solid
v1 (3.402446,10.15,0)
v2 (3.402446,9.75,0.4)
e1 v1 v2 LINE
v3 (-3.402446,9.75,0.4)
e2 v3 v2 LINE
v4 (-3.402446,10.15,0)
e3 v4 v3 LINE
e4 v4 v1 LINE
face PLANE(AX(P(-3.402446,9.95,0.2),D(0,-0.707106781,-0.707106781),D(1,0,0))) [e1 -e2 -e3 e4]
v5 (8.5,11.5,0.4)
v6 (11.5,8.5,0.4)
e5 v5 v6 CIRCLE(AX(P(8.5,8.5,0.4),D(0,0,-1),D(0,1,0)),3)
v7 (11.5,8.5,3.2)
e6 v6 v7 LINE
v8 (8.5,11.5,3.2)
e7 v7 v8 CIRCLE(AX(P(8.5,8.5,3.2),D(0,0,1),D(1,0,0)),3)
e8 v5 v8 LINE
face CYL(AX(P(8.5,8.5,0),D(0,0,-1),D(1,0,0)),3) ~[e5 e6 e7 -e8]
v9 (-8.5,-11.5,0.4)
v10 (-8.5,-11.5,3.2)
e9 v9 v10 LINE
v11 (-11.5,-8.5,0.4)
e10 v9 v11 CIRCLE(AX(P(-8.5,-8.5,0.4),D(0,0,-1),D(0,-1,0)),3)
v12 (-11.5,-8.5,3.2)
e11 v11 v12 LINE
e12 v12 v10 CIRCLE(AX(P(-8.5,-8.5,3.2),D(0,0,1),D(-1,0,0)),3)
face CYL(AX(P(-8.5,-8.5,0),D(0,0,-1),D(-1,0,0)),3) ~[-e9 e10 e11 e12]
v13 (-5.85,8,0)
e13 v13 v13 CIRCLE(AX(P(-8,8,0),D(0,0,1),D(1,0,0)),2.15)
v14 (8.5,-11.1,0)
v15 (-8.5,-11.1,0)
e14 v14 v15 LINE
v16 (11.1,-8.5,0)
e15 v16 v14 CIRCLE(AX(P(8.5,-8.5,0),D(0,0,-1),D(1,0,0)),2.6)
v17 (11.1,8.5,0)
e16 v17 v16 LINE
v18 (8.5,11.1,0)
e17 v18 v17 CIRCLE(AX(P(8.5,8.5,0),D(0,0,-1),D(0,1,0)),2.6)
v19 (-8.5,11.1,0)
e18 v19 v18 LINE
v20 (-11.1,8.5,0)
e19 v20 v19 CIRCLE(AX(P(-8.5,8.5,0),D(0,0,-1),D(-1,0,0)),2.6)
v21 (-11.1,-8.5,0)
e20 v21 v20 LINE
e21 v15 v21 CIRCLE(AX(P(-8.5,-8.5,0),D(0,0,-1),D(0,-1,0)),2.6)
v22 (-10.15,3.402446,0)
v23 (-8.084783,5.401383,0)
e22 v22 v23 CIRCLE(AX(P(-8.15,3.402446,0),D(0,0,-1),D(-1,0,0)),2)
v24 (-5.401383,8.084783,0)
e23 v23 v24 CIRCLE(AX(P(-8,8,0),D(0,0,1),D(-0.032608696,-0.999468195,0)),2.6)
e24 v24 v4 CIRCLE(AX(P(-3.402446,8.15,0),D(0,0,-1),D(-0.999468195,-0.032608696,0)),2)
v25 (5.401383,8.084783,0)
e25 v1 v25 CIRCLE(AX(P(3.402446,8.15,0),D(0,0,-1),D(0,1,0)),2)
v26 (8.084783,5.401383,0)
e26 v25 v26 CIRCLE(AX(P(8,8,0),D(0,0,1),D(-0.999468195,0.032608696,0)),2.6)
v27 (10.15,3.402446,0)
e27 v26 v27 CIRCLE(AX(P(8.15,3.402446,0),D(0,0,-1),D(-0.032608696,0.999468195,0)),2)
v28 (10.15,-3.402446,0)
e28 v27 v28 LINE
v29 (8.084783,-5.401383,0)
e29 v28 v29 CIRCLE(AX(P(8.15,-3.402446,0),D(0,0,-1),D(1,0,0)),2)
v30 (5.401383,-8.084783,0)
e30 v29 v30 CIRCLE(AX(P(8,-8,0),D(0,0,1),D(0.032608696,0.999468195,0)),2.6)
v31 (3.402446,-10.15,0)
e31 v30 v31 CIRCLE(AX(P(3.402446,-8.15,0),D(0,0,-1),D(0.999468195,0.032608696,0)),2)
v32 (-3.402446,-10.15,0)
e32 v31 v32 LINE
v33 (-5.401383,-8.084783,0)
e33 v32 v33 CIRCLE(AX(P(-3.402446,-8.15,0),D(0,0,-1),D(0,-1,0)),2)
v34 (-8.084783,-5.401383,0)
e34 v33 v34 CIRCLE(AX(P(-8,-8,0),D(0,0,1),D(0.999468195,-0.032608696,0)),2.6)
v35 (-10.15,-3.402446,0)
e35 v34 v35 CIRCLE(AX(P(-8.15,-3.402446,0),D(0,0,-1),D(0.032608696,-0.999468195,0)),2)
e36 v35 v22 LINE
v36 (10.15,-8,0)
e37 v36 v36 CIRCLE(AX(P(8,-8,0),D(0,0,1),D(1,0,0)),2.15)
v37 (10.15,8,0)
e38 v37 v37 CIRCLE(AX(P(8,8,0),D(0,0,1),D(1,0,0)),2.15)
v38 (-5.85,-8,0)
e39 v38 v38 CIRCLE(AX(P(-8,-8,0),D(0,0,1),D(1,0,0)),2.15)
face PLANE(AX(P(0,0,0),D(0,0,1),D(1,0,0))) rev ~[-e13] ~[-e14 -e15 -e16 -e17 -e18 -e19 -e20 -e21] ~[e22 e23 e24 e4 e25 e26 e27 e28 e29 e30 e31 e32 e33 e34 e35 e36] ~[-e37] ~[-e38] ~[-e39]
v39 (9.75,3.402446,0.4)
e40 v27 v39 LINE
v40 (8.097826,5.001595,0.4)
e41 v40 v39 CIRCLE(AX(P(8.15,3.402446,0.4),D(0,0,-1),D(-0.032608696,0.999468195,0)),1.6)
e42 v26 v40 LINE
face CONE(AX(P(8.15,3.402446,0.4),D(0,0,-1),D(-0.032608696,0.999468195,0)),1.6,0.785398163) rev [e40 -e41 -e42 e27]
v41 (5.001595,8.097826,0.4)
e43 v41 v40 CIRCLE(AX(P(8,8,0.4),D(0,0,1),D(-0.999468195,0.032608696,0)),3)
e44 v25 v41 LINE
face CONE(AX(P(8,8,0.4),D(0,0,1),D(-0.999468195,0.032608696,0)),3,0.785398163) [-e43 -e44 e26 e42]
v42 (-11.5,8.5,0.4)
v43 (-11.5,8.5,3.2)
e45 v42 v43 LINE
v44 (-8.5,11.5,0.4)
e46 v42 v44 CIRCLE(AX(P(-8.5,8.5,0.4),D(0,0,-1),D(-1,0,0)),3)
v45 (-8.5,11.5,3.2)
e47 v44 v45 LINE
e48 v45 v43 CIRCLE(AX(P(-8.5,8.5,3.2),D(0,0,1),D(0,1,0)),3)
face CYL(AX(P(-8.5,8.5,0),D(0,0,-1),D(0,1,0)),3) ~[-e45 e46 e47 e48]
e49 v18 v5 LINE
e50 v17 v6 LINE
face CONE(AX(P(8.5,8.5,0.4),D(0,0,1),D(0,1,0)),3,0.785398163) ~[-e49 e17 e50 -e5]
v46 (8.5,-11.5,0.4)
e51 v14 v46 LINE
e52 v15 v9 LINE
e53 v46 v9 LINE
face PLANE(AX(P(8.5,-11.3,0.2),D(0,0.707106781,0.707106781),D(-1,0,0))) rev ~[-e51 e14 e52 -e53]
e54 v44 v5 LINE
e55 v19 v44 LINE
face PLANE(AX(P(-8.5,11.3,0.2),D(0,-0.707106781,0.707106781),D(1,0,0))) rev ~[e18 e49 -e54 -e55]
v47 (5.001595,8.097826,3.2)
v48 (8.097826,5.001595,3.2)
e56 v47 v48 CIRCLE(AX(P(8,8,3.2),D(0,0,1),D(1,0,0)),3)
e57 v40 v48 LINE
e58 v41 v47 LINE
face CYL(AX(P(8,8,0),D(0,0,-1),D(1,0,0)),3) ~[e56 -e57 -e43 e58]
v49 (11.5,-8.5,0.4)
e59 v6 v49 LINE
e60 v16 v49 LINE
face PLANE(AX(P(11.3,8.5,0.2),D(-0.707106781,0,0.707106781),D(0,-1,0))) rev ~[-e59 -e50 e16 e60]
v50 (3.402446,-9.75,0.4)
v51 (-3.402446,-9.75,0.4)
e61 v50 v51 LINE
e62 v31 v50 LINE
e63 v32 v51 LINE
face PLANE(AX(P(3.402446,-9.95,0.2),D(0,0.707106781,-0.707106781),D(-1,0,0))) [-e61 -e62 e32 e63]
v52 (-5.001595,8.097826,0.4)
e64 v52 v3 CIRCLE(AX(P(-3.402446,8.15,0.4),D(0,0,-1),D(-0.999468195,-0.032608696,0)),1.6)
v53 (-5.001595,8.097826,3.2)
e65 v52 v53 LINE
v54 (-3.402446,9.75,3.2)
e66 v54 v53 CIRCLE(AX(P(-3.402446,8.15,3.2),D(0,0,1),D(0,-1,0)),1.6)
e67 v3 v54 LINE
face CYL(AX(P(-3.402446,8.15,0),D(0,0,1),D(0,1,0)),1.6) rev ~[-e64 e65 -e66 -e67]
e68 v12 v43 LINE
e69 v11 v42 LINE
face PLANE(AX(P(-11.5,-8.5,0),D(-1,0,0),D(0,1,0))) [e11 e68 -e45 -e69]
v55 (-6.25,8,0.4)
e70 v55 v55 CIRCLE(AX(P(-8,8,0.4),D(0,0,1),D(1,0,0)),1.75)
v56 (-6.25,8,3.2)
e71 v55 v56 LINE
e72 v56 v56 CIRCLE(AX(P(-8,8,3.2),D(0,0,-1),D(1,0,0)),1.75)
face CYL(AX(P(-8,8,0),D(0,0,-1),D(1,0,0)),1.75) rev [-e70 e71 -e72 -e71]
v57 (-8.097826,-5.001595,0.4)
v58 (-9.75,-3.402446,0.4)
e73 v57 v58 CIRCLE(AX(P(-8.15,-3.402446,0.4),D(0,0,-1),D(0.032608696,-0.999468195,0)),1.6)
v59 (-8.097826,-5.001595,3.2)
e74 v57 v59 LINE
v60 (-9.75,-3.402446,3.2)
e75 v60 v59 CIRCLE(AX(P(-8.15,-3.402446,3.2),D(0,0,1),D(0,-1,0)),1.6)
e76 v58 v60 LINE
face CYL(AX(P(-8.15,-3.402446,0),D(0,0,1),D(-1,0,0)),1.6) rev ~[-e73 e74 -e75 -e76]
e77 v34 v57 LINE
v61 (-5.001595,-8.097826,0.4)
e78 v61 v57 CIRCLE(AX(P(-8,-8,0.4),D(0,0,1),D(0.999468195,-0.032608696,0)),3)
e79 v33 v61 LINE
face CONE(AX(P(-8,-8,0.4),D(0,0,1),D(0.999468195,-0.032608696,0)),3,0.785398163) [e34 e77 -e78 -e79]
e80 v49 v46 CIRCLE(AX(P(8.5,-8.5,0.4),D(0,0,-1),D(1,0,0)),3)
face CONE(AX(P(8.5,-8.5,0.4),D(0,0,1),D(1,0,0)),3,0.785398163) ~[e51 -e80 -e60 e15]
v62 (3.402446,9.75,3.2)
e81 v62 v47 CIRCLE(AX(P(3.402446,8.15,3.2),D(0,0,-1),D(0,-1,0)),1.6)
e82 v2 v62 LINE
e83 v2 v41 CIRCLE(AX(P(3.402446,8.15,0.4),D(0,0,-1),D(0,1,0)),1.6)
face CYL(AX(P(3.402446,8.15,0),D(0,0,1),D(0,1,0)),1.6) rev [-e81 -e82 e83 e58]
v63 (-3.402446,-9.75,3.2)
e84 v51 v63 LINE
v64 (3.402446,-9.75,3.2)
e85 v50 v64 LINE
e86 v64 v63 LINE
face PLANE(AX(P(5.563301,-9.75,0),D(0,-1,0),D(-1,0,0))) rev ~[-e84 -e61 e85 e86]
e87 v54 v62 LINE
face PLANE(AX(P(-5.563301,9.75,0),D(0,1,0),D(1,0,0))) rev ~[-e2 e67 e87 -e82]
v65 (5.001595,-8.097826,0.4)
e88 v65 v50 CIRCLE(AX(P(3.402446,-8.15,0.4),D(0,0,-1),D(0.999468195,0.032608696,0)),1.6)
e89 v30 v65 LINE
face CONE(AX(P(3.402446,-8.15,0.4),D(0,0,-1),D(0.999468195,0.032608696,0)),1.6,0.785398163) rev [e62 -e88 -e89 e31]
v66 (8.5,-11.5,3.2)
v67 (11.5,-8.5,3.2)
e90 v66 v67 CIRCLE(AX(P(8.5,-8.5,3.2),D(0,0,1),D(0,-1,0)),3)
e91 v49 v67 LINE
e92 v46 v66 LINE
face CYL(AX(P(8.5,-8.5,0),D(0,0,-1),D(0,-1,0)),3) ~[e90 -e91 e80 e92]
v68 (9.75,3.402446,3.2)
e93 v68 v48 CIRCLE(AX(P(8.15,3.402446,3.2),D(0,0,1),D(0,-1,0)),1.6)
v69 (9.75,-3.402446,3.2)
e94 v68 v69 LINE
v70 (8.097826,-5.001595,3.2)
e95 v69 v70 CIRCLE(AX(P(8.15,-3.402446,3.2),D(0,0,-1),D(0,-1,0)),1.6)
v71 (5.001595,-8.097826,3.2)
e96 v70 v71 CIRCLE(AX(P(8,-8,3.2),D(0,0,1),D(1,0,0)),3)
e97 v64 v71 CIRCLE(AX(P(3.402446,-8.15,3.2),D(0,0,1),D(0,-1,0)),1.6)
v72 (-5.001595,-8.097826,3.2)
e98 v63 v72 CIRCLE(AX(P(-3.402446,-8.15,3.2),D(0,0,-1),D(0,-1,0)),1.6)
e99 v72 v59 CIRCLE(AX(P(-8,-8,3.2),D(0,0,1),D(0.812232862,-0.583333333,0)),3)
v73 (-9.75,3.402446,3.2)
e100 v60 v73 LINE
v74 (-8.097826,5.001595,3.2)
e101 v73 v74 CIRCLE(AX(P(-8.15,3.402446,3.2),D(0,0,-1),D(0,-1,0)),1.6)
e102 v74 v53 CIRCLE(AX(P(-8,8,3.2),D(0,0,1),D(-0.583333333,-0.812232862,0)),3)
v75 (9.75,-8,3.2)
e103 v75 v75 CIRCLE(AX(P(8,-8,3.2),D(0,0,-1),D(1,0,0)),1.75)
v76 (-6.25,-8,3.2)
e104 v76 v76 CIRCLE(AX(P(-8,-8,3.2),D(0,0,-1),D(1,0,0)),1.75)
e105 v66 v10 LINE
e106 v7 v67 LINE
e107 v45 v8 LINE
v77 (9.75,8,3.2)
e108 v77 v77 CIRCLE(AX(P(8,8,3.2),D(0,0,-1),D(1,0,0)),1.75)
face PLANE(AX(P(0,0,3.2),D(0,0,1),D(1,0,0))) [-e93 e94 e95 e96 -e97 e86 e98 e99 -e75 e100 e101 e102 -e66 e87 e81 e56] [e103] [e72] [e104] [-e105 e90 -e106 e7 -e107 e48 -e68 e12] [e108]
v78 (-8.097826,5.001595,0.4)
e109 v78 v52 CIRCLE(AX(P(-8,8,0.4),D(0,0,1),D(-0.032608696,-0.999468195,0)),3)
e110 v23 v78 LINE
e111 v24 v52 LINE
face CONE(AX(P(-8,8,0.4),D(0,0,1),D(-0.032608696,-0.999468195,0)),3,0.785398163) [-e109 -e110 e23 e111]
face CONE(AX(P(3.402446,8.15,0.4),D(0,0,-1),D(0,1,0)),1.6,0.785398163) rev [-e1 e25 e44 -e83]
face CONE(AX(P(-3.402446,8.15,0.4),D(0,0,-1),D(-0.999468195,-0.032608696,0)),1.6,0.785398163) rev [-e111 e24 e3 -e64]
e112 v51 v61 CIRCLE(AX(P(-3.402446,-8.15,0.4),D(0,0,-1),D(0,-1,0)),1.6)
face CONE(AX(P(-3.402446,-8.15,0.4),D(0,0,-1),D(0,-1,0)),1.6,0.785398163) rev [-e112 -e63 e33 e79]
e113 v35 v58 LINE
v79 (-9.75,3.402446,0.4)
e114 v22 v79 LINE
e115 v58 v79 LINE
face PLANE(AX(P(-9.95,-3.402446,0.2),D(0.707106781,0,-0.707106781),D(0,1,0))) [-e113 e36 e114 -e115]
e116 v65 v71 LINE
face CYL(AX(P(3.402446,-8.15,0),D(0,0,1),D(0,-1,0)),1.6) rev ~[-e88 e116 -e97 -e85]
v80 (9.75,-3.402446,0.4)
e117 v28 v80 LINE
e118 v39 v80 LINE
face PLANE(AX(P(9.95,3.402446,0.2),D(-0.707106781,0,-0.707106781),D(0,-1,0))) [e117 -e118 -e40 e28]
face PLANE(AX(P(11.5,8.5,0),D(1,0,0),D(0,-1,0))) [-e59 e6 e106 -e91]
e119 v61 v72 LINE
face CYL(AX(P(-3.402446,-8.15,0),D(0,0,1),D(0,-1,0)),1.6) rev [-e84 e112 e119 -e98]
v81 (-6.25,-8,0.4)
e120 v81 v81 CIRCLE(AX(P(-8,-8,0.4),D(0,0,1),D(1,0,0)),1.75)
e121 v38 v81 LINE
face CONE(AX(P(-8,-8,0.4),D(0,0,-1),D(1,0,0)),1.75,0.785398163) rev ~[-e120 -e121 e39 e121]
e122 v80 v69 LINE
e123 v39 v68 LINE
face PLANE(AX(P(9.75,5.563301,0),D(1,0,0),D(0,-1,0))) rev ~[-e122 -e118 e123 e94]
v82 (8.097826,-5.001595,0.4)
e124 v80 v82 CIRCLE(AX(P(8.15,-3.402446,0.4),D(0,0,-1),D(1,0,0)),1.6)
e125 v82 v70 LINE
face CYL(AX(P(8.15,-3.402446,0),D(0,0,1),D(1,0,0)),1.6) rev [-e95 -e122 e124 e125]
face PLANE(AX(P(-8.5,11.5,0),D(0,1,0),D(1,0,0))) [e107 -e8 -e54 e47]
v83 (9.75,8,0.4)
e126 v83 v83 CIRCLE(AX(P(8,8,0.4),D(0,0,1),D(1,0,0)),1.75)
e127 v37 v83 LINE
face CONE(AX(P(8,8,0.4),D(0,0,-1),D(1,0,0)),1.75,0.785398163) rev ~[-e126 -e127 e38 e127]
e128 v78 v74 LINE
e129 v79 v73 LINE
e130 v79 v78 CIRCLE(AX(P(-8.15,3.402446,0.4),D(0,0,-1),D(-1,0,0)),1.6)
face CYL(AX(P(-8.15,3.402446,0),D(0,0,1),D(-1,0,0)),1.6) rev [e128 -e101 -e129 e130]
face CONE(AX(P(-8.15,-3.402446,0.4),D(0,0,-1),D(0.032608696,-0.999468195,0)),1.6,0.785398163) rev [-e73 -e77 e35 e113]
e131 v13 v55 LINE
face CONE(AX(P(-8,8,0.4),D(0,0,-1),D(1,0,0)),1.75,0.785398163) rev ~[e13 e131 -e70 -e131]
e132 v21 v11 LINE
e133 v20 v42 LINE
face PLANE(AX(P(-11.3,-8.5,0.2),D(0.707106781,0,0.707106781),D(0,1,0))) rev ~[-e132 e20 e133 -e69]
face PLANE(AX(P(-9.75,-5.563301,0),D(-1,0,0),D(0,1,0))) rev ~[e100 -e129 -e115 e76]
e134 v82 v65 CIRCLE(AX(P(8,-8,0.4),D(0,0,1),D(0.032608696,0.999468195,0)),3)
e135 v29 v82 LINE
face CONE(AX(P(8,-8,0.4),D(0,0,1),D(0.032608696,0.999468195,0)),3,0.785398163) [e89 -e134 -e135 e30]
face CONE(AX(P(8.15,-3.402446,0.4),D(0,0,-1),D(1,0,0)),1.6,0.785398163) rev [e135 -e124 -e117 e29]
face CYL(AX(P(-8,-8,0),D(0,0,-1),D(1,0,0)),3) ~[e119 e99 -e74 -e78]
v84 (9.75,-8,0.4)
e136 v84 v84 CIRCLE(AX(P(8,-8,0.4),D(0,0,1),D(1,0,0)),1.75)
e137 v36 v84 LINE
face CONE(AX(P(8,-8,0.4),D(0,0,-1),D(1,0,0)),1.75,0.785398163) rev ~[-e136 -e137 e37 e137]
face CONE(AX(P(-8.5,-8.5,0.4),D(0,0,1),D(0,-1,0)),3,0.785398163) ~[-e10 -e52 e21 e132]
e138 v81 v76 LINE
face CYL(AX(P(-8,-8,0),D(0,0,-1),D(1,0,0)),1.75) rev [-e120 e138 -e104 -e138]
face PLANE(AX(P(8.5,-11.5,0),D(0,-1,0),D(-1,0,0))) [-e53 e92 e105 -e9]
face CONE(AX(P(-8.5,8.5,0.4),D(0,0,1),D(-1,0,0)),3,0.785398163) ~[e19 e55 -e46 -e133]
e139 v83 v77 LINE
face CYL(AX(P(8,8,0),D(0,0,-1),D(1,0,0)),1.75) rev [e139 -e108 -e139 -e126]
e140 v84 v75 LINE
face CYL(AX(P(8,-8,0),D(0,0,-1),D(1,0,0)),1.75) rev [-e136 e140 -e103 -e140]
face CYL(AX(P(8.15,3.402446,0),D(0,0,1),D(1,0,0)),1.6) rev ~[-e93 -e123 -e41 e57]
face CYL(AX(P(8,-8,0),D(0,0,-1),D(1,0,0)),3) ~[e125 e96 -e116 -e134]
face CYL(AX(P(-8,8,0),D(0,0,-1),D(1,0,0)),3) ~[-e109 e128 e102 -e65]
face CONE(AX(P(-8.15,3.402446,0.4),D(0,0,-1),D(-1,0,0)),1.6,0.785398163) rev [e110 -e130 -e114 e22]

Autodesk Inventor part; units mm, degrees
ref_plane "YZ Plane" through (0, 0, 0) normal (1, 0, 0) x (0, 1, 0)
ref_plane "XZ Plane" through (0, 0, 0) normal (0, 1, 0) x (-1, 0, 0)
ref_plane "XY Plane" through (0, 0, 0) normal (0, 0, 1) x (1, 0, 0)
sketch "Эскиз1" plane through (0, 0, 0) normal (0, 0, 1) x (1, 0, 0)
  line L0 (8.5, -11.5) -> (-8.5, -11.5)
  line L1 (-11.5, -8.5) -> (-11.5, 8.5)
  line L2 (-8.5, 11.5) -> (8.5, 11.5)
  line L3 (11.5, 8.5) -> (11.5, -8.5)
  line L4 (11.5, -11.5) -> (-11.5, 11.5) construction
  line L5 (-11.5, -11.5) -> (11.5, 11.5) construction
  line L6 (8, -8) -> (-8, -8) construction
  line L7 (-8, -8) -> (-8, 8) construction
  line L8 (-8, 8) -> (8, 8) construction
  line L9 (8, 8) -> (8, -8) construction
  line L10 (8, -8) -> (-8, 8) construction
  line L11 (-8, -8) -> (8, 8) construction
  circle A0 centre (-8, 8) radius 1.75
  circle A1 centre (8, 8) radius 1.75
  circle A2 centre (-8, -8) radius 1.75
  circle A3 centre (8, -8) radius 1.75
  arc A4 (-8.5, 11.5) -> (-11.5, 8.5) centre (-8.5, 8.5) ccw
  arc A5 (11.5, 8.5) -> (8.5, 11.5) centre (8.5, 8.5) ccw
  arc A6 (-11.5, -8.5) -> (-8.5, -11.5) centre (-8.5, -8.5) ccw
  arc A7 (8.5, -11.5) -> (11.5, -8.5) centre (8.5, -8.5) ccw
  line L12 (-9.75, 9.75) -> (9.75, 9.75)
  line L13 (9.75, 9.75) -> (9.75, -9.75)
  line L14 (9.75, -9.75) -> (-9.75, -9.75)
  line L15 (-9.75, -9.75) -> (-9.75, 9.75)
  circle A8 centre (-8, 8) radius 3
  circle A9 centre (8, 8) radius 3
  circle A10 centre (8, -8) radius 3
  circle A11 centre (-8, -8) radius 3
  point P0 (0, 0)
  point P1 (0, 0)
  point P2 (-5.5633, 9.75)
  point P3 (5.5633, 9.75)
  point P4 (9.75, 5.5633)
  point P5 (9.75, -5.5633)
  point P6 (5.5633, -9.75)
  point P7 (-5.5633, -9.75)
  point P8 (-9.75, -5.5633)
  point P9 (-9.75, 5.5633)
  dimension "d0" = 23
  dimension "d2" = 16
  dimension "d4" = 3.5
  dimension "d5" = 3
  dimension "d8" = 6
extrude "Выдавливание1" add sketch "Эскиз1" along normal blind 3.2 contours L0 A6 L1 A4 L2 A5 L3 A7 | A0 L12 A8 L15 | A0 L15 L12 | L12 L15 A8 | A9 L13 L12 | L12 A1 L13 A9 | A11 L14 A2 L15 | L15 L14 A11 | L12 L13 A1 | A2 L14 L15 | A10 L14 L13 | L13 A3 L14 A10 | L13 L14 A3
fillet "Сопряжение1" radius 1.6 8 edges at (5.5633, 9.75, 1.6) (-5.5633, 9.75, 1.6) (-9.75, 5.5633, 1.6) (-9.75, -5.5633, 1.6) (-5.5633, -9.75, 1.6) (5.5633, -9.75, 1.6) (9.75, -5.5633, 1.6) (9.75, 5.5633, 1.6)
chamfer "Фаска1" distance 0.4 angle 45 20 edges at (-9.75, -8, 0) (6.25, -8, 0) (6.25, 8, 0) (-9.75, 8, 0) (0, 9.75, 0) (5.8787, 5.8787, 0) (9.75, 0, 0) (5.8787, -5.8787, 0) (0, -9.75, 0) (-5.8787, -5.8787, 0) (-9.75, 0, 0) (-5.8787, 5.8787, 0) (0, 11.5, 0) (-10.6213, 10.6213, 0) (-11.5, 0, 0) (-10.6213, -10.6213, 0) (0, -11.5, 0) (10.6213, -10.6213, 0) (11.5, 0, 0) (10.6213, 10.6213, 0)
properties part number "Проставка датчика"
